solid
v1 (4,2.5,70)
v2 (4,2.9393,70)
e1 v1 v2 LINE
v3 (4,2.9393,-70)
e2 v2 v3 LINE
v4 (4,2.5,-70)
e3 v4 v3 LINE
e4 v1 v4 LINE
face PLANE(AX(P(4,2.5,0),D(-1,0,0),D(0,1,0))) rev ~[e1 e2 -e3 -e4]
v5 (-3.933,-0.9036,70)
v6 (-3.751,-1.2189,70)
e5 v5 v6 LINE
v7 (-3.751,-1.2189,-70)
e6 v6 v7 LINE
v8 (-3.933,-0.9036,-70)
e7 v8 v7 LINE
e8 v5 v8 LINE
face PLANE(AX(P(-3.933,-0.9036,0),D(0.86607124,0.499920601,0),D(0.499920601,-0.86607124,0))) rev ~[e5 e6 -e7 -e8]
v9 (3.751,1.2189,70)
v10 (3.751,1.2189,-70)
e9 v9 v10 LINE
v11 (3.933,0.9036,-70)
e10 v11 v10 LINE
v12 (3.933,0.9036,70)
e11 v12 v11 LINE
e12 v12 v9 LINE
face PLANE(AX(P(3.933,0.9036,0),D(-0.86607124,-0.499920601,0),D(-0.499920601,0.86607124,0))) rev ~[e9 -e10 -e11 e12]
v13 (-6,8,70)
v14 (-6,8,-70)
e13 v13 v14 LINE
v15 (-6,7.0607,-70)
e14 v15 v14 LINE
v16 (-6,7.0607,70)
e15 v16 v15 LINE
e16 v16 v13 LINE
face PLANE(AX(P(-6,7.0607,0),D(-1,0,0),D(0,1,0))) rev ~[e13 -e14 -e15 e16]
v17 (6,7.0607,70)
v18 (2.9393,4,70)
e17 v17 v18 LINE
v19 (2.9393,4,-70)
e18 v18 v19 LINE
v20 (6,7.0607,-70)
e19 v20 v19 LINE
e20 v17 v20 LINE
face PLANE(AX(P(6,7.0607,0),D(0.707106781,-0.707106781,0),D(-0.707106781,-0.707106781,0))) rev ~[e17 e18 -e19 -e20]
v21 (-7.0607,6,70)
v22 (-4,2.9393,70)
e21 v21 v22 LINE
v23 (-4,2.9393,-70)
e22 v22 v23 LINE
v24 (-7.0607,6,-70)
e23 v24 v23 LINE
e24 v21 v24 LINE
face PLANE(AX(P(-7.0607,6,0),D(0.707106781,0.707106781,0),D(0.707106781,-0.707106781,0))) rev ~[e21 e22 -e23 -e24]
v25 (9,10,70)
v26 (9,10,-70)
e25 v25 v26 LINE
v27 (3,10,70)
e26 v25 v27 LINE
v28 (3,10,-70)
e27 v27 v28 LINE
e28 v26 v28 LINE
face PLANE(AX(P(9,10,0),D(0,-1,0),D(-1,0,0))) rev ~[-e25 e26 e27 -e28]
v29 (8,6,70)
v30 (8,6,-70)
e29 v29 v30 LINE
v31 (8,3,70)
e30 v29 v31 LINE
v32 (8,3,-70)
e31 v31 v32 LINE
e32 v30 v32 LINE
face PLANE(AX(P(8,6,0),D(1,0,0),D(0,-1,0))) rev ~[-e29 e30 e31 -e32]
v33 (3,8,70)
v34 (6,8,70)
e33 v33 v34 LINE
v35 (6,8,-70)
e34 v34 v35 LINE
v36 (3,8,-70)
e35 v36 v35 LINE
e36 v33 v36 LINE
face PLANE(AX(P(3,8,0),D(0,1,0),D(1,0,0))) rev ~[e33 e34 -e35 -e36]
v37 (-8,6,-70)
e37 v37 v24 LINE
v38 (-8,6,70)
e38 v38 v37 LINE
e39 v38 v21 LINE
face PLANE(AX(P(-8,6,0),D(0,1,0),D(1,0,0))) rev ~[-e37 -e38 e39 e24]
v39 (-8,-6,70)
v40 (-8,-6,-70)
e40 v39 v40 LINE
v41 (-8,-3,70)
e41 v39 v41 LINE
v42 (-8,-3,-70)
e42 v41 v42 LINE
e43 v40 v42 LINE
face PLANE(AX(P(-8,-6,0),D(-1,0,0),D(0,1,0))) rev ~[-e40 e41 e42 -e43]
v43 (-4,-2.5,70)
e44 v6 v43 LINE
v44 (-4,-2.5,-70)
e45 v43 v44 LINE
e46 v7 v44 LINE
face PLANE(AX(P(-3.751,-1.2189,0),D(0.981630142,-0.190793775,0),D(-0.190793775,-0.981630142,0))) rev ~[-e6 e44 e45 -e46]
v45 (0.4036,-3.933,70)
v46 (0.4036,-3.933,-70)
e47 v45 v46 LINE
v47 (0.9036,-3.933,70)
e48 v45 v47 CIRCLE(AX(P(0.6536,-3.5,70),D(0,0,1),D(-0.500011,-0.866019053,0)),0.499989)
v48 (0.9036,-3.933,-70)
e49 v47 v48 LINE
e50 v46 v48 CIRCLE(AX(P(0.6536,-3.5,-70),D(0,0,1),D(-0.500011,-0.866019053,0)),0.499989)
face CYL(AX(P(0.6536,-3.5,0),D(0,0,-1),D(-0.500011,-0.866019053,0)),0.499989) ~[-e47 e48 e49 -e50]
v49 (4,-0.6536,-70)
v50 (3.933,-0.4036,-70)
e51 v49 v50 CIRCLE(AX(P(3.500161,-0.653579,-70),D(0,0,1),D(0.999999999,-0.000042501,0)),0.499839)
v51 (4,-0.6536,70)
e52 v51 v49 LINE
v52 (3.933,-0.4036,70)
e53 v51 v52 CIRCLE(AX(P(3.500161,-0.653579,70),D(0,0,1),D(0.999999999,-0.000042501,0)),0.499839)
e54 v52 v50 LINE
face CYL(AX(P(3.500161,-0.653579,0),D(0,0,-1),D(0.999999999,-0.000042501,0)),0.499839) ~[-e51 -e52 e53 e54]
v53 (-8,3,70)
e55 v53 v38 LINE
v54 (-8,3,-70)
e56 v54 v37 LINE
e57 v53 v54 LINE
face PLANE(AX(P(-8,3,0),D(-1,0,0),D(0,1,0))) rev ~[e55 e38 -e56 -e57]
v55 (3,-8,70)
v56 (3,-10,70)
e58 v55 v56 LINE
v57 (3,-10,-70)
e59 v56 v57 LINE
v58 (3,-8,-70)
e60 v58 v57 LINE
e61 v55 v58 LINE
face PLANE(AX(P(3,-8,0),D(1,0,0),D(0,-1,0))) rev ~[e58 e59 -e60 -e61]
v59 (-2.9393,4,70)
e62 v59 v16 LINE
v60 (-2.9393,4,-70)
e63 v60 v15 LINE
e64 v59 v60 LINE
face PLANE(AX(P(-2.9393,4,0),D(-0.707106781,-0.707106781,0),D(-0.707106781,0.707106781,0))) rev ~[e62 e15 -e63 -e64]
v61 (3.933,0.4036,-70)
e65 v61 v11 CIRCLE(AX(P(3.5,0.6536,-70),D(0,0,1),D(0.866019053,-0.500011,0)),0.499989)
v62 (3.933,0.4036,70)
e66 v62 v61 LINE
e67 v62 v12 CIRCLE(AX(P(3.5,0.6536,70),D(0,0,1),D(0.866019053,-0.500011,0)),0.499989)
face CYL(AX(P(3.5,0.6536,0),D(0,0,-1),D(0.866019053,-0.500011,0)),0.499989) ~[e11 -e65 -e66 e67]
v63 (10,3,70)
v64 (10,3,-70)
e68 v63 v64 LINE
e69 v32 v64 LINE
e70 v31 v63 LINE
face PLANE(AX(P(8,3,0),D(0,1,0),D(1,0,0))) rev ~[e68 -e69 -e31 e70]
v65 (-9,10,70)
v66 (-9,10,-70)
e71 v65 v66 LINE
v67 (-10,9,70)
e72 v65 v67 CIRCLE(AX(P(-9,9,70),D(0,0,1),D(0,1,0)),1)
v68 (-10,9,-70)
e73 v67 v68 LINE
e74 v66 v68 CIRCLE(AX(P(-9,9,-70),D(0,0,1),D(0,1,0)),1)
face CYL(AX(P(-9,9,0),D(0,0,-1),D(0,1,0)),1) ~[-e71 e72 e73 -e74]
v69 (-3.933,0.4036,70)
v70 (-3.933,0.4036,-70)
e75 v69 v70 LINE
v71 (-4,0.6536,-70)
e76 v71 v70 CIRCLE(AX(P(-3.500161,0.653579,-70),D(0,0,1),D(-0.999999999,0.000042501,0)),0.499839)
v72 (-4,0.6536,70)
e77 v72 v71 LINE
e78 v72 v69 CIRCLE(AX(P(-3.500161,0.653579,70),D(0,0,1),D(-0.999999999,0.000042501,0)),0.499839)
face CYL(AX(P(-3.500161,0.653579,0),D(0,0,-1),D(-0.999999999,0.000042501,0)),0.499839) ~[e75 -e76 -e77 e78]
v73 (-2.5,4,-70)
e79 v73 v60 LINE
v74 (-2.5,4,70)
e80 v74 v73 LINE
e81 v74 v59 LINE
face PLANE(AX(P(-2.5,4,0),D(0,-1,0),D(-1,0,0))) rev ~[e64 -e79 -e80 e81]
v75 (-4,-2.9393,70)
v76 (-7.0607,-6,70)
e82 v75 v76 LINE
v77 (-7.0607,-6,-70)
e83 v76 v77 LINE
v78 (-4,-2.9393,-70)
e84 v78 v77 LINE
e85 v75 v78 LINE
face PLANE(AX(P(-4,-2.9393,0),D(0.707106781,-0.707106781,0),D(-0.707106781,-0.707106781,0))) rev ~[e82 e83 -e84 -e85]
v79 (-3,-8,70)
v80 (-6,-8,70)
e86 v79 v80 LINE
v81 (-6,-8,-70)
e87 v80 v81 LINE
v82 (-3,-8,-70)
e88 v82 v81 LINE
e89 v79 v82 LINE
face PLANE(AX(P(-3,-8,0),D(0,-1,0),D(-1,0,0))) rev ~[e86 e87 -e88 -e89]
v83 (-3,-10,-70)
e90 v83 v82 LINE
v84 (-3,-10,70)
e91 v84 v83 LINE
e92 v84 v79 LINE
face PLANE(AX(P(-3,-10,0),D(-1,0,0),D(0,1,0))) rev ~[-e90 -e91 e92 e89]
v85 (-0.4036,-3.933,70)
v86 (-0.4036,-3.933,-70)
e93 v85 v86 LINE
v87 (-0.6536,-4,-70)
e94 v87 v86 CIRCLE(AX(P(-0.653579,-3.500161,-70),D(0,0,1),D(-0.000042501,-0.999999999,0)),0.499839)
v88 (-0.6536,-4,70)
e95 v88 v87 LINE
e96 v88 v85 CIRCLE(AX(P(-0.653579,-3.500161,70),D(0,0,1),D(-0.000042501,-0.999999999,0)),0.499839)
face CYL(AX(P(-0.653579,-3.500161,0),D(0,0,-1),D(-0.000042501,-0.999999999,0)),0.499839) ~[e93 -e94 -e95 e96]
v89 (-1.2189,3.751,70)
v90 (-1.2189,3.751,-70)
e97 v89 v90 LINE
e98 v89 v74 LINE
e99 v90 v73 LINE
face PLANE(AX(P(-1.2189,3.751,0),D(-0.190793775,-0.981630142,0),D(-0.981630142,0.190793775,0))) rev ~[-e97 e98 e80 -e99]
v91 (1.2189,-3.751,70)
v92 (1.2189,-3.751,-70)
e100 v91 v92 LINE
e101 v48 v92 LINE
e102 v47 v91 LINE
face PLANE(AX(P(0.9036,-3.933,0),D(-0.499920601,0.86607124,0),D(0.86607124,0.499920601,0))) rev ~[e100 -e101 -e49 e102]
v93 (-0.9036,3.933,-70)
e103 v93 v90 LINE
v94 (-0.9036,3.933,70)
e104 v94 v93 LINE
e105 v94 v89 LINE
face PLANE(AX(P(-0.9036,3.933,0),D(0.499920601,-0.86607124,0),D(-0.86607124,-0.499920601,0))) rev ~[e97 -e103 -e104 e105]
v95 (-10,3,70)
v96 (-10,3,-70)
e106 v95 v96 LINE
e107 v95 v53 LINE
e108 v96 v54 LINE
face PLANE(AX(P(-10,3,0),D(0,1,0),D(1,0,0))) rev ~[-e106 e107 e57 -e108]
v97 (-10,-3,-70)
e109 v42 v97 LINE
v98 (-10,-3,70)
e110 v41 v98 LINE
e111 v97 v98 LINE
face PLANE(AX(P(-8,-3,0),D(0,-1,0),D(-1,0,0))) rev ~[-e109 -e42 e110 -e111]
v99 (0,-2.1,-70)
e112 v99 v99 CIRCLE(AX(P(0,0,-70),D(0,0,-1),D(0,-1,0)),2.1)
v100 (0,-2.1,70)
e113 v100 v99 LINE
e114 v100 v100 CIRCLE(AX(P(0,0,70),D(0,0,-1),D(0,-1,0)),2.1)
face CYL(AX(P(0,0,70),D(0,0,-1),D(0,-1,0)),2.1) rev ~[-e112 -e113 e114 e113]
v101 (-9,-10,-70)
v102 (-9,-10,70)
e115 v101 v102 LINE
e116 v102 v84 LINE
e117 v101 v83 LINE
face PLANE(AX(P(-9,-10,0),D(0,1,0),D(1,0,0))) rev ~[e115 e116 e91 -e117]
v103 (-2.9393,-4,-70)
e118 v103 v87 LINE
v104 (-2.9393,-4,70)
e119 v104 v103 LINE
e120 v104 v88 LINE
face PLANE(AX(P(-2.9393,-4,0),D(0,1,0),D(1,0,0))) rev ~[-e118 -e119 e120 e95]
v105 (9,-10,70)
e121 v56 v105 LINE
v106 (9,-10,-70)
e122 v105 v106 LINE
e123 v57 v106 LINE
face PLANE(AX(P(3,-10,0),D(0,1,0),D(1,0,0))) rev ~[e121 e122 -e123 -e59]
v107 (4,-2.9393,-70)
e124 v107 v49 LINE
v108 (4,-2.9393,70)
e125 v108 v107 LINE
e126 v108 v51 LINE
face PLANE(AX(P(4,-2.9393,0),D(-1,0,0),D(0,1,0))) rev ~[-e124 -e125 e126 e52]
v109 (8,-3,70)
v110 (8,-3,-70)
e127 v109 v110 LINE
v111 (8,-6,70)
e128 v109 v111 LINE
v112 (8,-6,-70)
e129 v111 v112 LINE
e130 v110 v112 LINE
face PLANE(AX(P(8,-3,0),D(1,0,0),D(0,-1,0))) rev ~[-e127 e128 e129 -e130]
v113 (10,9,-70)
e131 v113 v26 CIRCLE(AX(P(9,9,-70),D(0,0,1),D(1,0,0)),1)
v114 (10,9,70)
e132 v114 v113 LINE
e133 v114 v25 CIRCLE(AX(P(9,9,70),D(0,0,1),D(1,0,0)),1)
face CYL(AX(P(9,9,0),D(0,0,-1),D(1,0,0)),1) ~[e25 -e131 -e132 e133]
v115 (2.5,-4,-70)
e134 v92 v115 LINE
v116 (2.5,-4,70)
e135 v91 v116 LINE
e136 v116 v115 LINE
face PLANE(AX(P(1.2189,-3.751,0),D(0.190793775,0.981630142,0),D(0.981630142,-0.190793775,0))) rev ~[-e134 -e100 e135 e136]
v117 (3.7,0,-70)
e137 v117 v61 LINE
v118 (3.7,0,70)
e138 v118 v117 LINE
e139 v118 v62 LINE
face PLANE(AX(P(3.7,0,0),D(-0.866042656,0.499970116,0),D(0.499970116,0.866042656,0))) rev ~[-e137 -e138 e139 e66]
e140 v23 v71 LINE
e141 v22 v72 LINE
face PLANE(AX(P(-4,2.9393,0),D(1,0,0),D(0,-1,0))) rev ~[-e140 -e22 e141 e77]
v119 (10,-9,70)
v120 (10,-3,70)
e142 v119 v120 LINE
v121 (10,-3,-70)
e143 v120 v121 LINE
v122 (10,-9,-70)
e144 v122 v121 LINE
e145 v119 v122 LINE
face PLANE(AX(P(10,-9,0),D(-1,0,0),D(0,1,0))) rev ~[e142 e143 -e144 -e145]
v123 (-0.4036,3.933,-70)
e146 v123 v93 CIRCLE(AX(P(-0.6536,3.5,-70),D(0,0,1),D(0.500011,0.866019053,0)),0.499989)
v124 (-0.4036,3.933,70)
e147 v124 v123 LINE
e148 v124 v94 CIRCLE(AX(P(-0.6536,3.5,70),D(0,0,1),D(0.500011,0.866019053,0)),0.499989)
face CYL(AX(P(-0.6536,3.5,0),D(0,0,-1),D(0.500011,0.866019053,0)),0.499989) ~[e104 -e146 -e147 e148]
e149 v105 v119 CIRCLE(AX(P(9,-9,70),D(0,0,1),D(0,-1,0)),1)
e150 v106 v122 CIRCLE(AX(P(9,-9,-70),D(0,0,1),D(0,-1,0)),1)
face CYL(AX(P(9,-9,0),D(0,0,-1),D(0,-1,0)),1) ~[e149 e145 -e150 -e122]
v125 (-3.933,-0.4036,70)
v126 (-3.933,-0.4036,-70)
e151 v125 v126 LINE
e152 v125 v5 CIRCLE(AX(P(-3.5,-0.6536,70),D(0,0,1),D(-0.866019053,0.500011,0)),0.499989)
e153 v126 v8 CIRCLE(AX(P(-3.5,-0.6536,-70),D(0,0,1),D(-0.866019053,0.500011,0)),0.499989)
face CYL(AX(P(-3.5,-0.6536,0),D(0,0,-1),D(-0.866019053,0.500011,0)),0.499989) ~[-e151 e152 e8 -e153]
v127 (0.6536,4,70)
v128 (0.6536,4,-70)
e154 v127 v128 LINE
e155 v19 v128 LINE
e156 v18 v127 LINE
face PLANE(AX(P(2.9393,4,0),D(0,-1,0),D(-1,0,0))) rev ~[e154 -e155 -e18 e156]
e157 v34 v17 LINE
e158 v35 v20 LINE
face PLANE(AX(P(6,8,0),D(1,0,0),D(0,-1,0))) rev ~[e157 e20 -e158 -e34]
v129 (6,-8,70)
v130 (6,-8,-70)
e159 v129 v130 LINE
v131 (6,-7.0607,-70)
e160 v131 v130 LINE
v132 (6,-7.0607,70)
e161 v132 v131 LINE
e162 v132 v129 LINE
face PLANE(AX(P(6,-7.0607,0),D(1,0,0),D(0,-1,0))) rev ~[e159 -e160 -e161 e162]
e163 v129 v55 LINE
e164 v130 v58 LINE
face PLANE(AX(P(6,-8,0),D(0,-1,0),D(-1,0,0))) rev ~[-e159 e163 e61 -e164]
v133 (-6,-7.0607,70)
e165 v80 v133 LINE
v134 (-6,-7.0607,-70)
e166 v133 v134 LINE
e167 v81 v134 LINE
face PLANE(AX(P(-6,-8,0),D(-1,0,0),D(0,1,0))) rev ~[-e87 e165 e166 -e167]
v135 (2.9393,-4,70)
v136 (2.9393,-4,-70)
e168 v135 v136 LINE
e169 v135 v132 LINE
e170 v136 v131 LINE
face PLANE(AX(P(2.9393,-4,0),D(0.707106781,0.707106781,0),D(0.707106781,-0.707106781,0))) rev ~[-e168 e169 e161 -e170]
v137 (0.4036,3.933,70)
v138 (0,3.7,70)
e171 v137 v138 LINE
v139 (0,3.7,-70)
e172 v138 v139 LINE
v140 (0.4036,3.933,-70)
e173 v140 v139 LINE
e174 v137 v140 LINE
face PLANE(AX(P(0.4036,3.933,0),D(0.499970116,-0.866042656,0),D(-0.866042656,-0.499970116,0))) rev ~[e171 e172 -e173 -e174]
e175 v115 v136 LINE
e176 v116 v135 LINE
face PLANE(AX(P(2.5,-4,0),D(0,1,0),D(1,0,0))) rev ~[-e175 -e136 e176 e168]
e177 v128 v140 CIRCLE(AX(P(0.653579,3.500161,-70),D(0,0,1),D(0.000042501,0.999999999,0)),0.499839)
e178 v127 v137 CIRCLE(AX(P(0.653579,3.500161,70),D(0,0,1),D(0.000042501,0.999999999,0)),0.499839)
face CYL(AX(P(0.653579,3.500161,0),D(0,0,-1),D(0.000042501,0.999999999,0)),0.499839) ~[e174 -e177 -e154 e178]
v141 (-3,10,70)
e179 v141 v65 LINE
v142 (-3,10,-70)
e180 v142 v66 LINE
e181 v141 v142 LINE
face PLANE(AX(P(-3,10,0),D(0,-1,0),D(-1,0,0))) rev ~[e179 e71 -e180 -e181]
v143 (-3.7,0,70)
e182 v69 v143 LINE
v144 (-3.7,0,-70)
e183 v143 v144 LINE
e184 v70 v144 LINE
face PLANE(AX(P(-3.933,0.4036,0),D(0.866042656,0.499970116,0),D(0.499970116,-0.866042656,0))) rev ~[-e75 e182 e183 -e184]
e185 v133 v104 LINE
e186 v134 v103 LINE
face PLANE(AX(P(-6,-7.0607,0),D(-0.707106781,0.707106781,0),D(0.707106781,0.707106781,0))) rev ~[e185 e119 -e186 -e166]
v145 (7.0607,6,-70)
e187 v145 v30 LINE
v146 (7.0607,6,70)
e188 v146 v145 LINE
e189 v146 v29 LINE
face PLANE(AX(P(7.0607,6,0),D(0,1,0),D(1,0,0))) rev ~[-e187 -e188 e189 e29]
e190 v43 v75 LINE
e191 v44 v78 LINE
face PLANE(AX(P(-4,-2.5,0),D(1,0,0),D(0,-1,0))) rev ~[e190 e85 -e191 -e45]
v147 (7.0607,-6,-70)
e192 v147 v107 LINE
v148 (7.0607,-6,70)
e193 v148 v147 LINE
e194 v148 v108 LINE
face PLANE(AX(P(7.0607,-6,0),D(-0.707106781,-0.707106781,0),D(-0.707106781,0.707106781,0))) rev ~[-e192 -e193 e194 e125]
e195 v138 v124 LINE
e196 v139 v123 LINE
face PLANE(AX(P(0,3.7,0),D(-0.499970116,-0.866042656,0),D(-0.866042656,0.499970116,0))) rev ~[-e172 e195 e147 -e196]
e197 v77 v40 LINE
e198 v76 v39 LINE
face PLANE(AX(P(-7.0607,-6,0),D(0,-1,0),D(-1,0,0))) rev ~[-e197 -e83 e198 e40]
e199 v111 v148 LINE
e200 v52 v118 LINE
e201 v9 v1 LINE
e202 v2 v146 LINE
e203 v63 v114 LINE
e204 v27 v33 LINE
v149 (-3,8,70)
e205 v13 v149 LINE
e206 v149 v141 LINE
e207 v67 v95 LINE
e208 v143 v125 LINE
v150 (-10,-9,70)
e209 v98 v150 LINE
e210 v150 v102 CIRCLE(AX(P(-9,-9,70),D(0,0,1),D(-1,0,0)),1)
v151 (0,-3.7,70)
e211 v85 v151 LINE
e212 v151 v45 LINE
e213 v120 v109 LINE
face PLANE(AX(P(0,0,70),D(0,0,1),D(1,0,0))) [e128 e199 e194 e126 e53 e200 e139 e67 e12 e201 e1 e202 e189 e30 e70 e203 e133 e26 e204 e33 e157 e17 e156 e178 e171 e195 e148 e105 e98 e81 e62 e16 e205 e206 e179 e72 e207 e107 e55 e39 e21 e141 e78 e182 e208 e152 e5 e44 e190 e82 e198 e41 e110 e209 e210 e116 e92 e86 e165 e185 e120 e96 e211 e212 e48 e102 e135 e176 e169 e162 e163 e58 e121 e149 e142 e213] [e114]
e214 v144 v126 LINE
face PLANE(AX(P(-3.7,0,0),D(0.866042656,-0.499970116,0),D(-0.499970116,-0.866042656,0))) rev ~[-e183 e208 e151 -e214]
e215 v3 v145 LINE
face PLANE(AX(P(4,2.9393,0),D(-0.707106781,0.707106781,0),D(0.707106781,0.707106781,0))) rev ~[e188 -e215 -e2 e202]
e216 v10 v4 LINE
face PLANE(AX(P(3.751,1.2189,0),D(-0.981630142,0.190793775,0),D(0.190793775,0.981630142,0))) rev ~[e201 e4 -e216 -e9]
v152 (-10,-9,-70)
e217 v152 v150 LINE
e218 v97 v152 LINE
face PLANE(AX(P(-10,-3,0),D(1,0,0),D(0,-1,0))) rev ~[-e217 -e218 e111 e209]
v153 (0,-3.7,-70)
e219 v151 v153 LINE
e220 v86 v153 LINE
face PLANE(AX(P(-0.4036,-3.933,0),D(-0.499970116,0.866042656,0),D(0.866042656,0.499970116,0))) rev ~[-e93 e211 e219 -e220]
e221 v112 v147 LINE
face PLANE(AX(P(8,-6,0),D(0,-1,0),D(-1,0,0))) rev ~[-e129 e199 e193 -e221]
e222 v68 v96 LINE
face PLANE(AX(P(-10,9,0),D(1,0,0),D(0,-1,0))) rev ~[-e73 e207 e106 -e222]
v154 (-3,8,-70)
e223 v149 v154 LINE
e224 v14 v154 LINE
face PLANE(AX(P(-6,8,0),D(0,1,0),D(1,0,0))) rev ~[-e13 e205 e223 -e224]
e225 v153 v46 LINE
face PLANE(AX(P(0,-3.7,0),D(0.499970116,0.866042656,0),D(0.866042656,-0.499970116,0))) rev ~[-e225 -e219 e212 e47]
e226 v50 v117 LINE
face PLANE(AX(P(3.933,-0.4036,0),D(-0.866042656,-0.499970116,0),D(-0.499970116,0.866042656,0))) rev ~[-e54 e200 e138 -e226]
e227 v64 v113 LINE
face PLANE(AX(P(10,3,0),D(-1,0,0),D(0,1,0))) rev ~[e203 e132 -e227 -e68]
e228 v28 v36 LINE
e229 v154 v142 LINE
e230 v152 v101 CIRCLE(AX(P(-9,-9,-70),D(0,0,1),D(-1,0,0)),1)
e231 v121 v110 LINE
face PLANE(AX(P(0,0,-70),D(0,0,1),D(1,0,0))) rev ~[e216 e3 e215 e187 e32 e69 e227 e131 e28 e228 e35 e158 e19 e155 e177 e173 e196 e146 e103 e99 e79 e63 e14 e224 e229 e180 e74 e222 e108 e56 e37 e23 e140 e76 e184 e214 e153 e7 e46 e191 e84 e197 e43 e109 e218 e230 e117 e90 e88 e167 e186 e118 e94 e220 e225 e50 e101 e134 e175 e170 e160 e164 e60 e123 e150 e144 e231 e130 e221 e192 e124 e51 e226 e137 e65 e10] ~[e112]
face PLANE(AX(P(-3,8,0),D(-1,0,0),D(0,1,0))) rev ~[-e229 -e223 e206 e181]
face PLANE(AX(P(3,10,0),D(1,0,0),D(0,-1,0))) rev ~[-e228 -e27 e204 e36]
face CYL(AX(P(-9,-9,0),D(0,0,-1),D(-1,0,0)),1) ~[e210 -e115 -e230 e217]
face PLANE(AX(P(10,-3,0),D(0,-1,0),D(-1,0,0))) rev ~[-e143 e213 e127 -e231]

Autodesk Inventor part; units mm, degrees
sketch "Sketch_75" plane through (0, 0, 0) normal (0, 0, 1) x (1, 0, 0)
  line L0 (-10, -3) -> (-10, -9)
  arc A0 (-10, -9) -> (-9, -10) centre (-9, -9) ccw
  line L1 (-9, -10) -> (-3, -10)
  line L2 (-3, -10) -> (-3, -8)
  line L3 (-3, -8) -> (-6, -8)
  line L4 (-6, -8) -> (-6, -7.0607)
  line L5 (-6, -7.0607) -> (-2.9393, -4)
  line L6 (-2.9393, -4) -> (-0.6536, -4)
  arc A1 (-0.6536, -4) -> (-0.4036, -3.933) centre (-0.6536, -3.5) ccw
  line L7 (-0.4036, -3.933) -> (0, -3.7)
  line L8 (0, -3.7) -> (0.4036, -3.933)
  arc A2 (0.4036, -3.933) -> (0.9036, -3.933) centre (0.6536, -3.5) ccw
  line L9 (0.9036, -3.933) -> (1.2189, -3.751)
  line L10 (1.2189, -3.751) -> (2.5, -4)
  line L11 (2.5, -4) -> (2.9393, -4)
  line L12 (2.9393, -4) -> (6, -7.0607)
  line L13 (6, -7.0607) -> (6, -8)
  line L14 (6, -8) -> (3, -8)
  line L15 (3, -8) -> (3, -10)
  line L16 (3, -10) -> (9, -10)
  arc A3 (9, -10) -> (10, -9) centre (9, -9) ccw
  line L17 (10, -9) -> (10, -3)
  line L18 (10, -3) -> (8, -3)
  line L19 (8, -3) -> (8, -6)
  line L20 (8, -6) -> (7.0607, -6)
  line L21 (7.0607, -6) -> (4, -2.9393)
  line L22 (4, -2.9393) -> (4, -0.6536)
  arc A4 (4, -0.6536) -> (3.933, -0.4036) centre (3.5, -0.6536) ccw
  line L23 (3.933, -0.4036) -> (3.7, 0)
  line L24 (3.7, 0) -> (3.933, 0.4036)
  arc A5 (3.933, 0.4036) -> (3.933, 0.9036) centre (3.5, 0.6536) ccw
  line L25 (3.933, 0.9036) -> (3.751, 1.2189)
  line L26 (3.751, 1.2189) -> (4, 2.5)
  line L27 (4, 2.5) -> (4, 2.9393)
  line L28 (4, 2.9393) -> (7.0607, 6)
  line L29 (7.0607, 6) -> (8, 6)
  line L30 (8, 6) -> (8, 3)
  line L31 (8, 3) -> (10, 3)
  line L32 (10, 3) -> (10, 9)
  arc A6 (10, 9) -> (9, 10) centre (9, 9) ccw
  line L33 (9, 10) -> (3, 10)
  line L34 (3, 10) -> (3, 8)
  line L35 (3, 8) -> (6, 8)
  line L36 (6, 8) -> (6, 7.0607)
  line L37 (6, 7.0607) -> (2.9393, 4)
  line L38 (2.9393, 4) -> (0.6536, 4)
  arc A7 (0.6536, 4) -> (0.4036, 3.933) centre (0.6536, 3.5) ccw
  line L39 (0.4036, 3.933) -> (0, 3.7)
  line L40 (0, 3.7) -> (-0.4036, 3.933)
  arc A8 (-0.4036, 3.933) -> (-0.9036, 3.933) centre (-0.6536, 3.5) ccw
  line L41 (-0.9036, 3.933) -> (-1.2189, 3.751)
  line L42 (-1.2189, 3.751) -> (-2.5, 4)
  line L43 (-2.5, 4) -> (-2.9393, 4)
  line L44 (-2.9393, 4) -> (-6, 7.0607)
  line L45 (-6, 7.0607) -> (-6, 8)
  line L46 (-6, 8) -> (-3, 8)
  line L47 (-3, 8) -> (-3, 10)
  line L48 (-3, 10) -> (-9, 10)
  arc A9 (-9, 10) -> (-10, 9) centre (-9, 9) ccw
  line L49 (-10, 9) -> (-10, 3)
  line L50 (-10, 3) -> (-8, 3)
  line L51 (-8, 3) -> (-8, 6)
  line L52 (-8, 6) -> (-7.0607, 6)
  line L53 (-7.0607, 6) -> (-4, 2.9393)
  line L54 (-4, 2.9393) -> (-4, 0.6536)
  arc A10 (-4, 0.6536) -> (-3.933, 0.4036) centre (-3.5, 0.6536) ccw
  line L55 (-3.933, 0.4036) -> (-3.7, 0)
  line L56 (-3.7, 0) -> (-3.933, -0.4036)
  arc A11 (-3.933, -0.4036) -> (-3.933, -0.9036) centre (-3.5, -0.6536) ccw
  line L57 (-3.933, -0.9036) -> (-3.751, -1.2189)
  line L58 (-3.751, -1.2189) -> (-4, -2.5)
  line L59 (-4, -2.5) -> (-4, -2.9393)
  line L60 (-4, -2.9393) -> (-7.0607, -6)
  line L61 (-7.0607, -6) -> (-8, -6)
  line L62 (-8, -6) -> (-8, -3)
  line L63 (-8, -3) -> (-10, -3)
extrude "Extrusion1" add sketch "Sketch_75" along normal mid plane 140
sketch "Sketch2" plane through (0, 0, 70) normal (0, 0, 1) x (-1, 0, 0)
  point P0 (0, 0)
hole "Hole1" at (0, 0, 70) direction (0, 0, -1) diameter 4.2 depth 351
ref_plane "C1_XY" through (0, 0, 0) normal (0, 0, 1) x (1, 0, 0)
ref_plane "C1_YZ" through (0, 0, 0) normal (1, 0, 0) x (0, 1, 0)
ref_plane "C1_ZX" through (0, 0, 0) normal (0, 1, 0) x (0, 0, 1)
properties part number "NFS5-2020_2" material "アルミニウム 6061"
